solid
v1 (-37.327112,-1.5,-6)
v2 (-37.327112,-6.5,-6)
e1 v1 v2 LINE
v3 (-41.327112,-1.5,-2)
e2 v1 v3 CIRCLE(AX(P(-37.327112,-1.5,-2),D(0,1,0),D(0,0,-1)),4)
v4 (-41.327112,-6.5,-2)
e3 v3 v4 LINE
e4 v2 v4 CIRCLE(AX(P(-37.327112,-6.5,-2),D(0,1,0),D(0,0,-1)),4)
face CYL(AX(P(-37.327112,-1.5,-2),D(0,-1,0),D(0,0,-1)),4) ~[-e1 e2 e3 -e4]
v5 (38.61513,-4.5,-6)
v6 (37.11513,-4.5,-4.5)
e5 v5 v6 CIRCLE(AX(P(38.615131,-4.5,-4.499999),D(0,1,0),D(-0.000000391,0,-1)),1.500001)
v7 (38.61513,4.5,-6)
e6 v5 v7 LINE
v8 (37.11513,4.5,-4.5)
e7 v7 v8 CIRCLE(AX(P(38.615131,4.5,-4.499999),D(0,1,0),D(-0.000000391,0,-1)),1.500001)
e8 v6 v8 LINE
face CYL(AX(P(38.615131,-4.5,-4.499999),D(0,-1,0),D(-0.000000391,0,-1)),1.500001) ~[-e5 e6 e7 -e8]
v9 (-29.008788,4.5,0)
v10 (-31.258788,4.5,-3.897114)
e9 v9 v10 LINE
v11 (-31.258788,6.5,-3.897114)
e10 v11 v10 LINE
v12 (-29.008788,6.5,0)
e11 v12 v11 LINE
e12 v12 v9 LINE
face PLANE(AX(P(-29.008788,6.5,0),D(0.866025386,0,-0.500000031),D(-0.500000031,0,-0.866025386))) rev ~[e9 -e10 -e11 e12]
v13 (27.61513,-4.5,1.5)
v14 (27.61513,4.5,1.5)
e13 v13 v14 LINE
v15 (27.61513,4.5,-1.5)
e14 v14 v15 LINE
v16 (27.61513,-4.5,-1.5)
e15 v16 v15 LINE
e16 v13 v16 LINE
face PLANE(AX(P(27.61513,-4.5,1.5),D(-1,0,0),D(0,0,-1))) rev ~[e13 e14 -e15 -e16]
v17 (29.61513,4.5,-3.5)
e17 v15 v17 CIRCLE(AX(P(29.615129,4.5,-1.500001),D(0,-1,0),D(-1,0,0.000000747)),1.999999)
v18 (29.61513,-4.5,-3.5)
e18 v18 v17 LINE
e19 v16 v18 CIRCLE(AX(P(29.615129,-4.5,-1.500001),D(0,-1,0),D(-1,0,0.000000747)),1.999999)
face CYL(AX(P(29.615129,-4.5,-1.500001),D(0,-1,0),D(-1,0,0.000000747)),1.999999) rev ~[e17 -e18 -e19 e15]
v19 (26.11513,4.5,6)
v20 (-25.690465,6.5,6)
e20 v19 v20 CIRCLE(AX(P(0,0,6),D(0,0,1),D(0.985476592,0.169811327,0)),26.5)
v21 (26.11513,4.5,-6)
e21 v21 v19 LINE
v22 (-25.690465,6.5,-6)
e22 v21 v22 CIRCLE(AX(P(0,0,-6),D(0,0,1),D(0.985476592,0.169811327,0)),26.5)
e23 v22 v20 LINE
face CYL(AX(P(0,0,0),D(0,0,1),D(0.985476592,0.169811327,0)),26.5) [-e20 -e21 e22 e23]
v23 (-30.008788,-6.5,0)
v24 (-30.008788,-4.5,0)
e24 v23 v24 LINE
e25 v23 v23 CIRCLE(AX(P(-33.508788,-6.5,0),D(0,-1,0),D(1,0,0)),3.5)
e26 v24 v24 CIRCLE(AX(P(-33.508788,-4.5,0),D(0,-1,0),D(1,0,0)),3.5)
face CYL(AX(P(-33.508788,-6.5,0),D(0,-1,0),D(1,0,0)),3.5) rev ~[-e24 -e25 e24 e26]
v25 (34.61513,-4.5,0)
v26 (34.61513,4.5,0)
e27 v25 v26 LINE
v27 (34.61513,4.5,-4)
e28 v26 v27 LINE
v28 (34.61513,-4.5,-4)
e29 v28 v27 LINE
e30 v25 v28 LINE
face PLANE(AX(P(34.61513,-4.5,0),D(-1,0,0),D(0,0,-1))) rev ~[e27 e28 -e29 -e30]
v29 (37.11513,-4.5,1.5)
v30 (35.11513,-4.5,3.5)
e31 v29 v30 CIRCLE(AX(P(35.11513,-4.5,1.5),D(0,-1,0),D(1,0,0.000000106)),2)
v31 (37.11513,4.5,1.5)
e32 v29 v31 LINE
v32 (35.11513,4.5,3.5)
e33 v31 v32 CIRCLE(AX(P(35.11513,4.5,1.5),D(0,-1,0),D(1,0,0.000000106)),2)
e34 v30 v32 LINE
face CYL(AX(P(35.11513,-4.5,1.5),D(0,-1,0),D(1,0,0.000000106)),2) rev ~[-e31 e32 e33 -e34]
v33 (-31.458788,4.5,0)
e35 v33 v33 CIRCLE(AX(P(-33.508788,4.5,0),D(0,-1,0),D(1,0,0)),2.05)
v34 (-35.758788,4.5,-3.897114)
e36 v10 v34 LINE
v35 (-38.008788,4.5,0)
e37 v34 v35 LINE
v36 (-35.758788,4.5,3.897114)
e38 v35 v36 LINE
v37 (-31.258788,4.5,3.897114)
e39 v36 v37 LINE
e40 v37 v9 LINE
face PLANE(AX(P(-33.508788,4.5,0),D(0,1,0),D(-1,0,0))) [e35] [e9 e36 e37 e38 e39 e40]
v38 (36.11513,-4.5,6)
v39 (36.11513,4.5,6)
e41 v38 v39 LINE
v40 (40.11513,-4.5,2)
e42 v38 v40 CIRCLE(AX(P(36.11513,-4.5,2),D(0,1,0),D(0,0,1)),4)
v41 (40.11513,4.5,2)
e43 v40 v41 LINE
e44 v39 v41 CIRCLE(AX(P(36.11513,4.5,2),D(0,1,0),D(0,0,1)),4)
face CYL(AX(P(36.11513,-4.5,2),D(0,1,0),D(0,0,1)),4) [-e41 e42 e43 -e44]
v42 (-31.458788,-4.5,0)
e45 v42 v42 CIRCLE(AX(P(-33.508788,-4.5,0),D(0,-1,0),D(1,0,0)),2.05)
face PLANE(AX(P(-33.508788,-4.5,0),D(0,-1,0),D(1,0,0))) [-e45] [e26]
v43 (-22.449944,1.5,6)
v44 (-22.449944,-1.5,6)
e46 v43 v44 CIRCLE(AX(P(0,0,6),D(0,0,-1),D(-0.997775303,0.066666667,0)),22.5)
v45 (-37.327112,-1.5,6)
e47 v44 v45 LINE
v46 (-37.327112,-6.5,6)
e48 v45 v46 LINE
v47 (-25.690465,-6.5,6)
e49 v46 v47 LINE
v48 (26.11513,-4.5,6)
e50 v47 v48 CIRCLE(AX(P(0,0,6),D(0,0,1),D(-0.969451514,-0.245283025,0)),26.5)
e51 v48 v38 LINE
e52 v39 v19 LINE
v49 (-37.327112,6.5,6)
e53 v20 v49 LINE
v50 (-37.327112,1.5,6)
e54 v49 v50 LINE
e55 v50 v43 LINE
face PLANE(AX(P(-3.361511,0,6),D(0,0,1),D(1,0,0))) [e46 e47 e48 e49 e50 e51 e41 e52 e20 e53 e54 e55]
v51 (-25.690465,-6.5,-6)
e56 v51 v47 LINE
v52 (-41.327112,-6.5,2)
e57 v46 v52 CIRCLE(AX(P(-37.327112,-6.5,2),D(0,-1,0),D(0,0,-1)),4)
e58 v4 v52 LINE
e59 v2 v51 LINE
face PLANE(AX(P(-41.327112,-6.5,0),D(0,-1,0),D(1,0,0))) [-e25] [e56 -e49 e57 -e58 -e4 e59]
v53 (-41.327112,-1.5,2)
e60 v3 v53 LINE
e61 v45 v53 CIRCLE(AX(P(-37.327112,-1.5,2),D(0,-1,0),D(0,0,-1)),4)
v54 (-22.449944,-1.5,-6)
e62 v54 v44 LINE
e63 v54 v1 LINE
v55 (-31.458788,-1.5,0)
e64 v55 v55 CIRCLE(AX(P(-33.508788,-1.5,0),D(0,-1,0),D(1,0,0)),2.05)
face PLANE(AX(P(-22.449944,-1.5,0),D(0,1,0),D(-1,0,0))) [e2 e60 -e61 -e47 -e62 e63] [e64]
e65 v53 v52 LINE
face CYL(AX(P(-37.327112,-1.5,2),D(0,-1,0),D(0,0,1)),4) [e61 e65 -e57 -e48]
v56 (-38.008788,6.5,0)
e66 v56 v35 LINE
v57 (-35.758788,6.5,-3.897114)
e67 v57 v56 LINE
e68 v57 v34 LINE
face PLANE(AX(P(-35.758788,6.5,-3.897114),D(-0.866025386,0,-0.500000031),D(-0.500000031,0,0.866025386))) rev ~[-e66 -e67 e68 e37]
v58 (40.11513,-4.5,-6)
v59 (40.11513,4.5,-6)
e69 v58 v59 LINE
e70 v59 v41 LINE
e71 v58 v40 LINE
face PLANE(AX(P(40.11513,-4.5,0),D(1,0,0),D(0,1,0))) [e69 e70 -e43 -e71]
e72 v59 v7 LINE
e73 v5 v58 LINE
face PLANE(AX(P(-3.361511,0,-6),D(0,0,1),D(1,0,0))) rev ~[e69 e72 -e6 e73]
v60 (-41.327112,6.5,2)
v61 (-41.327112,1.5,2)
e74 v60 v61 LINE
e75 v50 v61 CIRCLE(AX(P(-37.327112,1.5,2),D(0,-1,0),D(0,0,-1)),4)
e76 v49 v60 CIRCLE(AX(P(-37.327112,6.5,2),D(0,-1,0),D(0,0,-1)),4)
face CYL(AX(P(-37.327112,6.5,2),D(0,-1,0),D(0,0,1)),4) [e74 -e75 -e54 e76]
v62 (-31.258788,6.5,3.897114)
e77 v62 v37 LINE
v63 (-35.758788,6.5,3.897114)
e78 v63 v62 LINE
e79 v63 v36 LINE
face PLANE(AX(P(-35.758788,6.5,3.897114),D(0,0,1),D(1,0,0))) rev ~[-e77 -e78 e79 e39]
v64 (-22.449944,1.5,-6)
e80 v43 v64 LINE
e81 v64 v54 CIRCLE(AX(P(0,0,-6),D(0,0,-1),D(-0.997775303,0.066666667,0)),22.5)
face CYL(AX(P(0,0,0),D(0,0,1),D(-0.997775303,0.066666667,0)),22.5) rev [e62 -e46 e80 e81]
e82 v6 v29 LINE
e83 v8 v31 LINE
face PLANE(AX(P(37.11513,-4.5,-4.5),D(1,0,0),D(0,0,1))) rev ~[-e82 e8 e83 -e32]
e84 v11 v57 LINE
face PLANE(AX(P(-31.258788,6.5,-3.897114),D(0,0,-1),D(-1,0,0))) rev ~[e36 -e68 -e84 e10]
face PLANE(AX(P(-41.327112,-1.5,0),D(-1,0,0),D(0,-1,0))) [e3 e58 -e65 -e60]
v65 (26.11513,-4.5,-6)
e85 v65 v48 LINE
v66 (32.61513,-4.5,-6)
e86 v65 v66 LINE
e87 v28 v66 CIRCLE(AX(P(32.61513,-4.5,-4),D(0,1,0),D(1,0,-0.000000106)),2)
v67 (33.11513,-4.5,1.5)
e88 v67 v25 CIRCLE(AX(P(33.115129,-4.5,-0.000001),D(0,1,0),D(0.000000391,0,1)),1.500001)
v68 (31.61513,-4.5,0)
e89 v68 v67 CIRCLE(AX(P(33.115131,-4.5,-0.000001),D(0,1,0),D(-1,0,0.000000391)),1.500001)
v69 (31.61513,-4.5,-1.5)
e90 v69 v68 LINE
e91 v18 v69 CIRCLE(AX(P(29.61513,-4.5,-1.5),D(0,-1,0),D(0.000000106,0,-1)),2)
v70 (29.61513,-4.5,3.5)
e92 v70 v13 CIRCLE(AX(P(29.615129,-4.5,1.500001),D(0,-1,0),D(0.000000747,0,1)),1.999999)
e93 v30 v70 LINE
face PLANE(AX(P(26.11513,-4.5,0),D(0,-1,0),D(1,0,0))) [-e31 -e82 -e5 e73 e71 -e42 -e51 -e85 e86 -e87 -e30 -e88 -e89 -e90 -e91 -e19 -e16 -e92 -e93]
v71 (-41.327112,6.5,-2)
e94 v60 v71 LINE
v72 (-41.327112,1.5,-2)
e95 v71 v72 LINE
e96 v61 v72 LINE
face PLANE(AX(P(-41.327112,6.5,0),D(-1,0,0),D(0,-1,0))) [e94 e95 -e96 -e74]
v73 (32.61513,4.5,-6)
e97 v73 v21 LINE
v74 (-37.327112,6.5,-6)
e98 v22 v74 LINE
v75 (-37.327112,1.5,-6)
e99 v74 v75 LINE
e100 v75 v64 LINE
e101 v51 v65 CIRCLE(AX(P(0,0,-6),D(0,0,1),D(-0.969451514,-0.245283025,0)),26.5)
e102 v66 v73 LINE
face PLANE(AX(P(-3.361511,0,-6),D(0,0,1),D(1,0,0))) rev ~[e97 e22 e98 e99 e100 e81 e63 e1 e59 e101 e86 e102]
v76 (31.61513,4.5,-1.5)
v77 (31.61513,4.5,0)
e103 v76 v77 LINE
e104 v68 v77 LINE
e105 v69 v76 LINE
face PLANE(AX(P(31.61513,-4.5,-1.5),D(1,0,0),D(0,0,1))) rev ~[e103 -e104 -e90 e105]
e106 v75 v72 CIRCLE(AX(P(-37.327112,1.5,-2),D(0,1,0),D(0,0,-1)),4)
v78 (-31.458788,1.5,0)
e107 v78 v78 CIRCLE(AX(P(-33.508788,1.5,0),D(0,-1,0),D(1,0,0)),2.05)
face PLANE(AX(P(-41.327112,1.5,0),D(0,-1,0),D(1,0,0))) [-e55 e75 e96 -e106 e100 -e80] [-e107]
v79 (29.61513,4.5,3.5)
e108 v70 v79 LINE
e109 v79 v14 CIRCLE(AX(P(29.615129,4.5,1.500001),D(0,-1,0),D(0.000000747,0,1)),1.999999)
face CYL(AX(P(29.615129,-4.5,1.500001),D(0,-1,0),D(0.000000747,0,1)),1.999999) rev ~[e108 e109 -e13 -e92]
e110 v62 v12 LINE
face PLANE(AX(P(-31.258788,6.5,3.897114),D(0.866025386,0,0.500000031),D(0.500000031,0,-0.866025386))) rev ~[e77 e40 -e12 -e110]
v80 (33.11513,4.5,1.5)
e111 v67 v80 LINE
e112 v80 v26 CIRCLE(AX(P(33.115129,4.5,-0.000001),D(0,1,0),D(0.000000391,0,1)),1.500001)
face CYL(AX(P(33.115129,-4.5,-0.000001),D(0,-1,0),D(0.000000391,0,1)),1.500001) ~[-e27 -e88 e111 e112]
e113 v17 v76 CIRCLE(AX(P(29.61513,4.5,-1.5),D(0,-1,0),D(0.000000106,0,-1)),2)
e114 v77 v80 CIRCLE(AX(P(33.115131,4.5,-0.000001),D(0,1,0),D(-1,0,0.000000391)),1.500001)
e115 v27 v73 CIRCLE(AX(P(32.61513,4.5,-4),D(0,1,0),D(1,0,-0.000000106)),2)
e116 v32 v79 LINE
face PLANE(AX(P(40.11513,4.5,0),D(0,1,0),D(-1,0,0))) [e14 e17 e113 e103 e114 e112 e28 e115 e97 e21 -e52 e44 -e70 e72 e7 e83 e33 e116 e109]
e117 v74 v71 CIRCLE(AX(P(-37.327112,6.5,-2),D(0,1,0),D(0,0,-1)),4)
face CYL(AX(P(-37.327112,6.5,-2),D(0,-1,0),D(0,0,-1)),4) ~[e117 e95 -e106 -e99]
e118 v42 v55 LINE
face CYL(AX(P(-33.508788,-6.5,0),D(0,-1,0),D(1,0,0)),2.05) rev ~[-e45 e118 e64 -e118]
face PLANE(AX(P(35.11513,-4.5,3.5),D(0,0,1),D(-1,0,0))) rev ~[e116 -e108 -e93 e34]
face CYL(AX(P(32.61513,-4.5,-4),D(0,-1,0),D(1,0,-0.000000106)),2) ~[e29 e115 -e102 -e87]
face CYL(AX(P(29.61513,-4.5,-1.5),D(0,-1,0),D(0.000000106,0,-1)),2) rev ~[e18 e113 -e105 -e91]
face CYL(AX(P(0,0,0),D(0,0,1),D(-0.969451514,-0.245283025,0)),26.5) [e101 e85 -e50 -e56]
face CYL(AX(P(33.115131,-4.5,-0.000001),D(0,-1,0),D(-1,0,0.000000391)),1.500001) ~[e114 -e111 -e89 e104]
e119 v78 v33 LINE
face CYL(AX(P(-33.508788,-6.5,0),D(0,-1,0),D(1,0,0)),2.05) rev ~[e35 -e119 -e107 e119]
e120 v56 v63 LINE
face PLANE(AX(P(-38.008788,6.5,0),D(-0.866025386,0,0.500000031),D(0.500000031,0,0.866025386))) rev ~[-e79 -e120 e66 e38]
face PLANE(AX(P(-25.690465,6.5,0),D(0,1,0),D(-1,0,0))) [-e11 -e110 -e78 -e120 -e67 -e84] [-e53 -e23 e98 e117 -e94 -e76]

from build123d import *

# Parameters (mm, degrees)
F1_DEPTH = 6
F5_DEPTH = 9
F2_R     = 2.05
F6_DEPTH = 13
F2_R_2   = 3.5
F7_DEPTH = 2
F8_DEPTH = 2
F9_R     = 4


with BuildPart() as f1:
    # F0 (on Top) → F1 (new body, symmetric)
    with BuildSketch(Plane.XY):
        with BuildLine():
            ThreePointArc((-22.449944, 1.5), (22.5, 0), (-22.449944, -1.5))
            Line((-22.449944, -1.5), (-41.327112, -1.5))
            Line((-41.327112, -1.5), (-41.327112, -6.5))
            Line((-41.327112, -6.5), (-25.690465, -6.5))
            ThreePointArc((-25.690465, -6.5), (1.022294, -26.480274), (26.11513, -4.5))
            Line((26.11513, -4.5), (40.11513, -4.5))
            Line((40.11513, -4.5), (40.11513, 4.5))
            Line((40.11513, 4.5), (26.11513, 4.5))
            ThreePointArc((26.11513, 4.5), (1.022294, 26.480274), (-25.690465, 6.5))
            Line((-25.690465, 6.5), (-41.327112, 6.5))
            Line((-41.327112, 6.5), (-41.327112, 1.5))
            Line((-41.327112, 1.5), (-22.449944, 1.5))
        make_face()
    extrude(amount=F1_DEPTH, both=True)

    # F4 (on face) → F5 (cut, through all)
    with BuildSketch(Plane.XZ.offset(4.5)):
        with BuildLine():
            ThreePointArc((38.61513, -6), (37.55447, -5.56066), (37.11513, -4.5))
            Line((37.11513, -4.5), (37.11513, 1.5))
            ThreePointArc((37.11513, 1.5), (36.529343, 2.914214), (35.11513, 3.5))
            Line((35.11513, 3.5), (29.61513, 3.5))
            ThreePointArc((29.61513, 3.5), (28.200916, 2.914214), (27.61513, 1.5))
            Line((27.61513, 1.5), (27.61513, -1.5))
            ThreePointArc((27.61513, -1.5), (28.200916, -2.914214), (29.61513, -3.5))
            ThreePointArc((29.61513, -3.5), (31.029343, -2.914214), (31.61513, -1.5))
            Line((31.61513, -1.5), (31.61513, 0))
            ThreePointArc((31.61513, 0), (32.05447, 1.06066), (33.11513, 1.5))
            ThreePointArc((33.11513, 1.5), (34.17579, 1.06066), (34.61513, 0))
            Line((34.61513, 0), (34.61513, -4))
            ThreePointArc((34.61513, -4), (34.029343, -5.414214), (32.61513, -6))
            Line((32.61513, -6), (34.61513, -6))
            Line((34.61513, -6), (37.11513, -6))
            Line((37.11513, -6), (38.61513, -6))
        make_face()
    extrude(amount=-F5_DEPTH, mode=Mode.SUBTRACT)

    # F2 (on face) → F6 (cut, through all)
    with BuildSketch(Plane.XZ.offset(6.5)):
        with Locations((-33.508788, 0)):
            Circle(F2_R)
    extrude(amount=-F6_DEPTH, mode=Mode.SUBTRACT)

    # F2 (on face) → F7 (cut)
    with BuildSketch(Plane.XZ.offset(6.5)):
        with Locations((-33.508788, 0)):
            Circle(F2_R_2)
        with Locations((-33.508788, 0)):
            Circle(F2_R, mode=Mode.SUBTRACT)
    extrude(amount=-F7_DEPTH, mode=Mode.SUBTRACT)

    # F3 (on face) → F8 (cut)
    with BuildSketch(Plane(origin=(0, 6.5, 0), x_dir=(-1, 0, 0), z_dir=(0, 1, 0))):
        Polygon((31.258788, -3.897114), (35.758788, -3.897114), (38.008788, 0), (35.758788, 3.897114), (31.258788, 3.897114), (29.008788, 0), align=None)
    extrude(amount=-F8_DEPTH, mode=Mode.SUBTRACT)

    # F9
    f9_edges = [f1.edges().sort_by_distance(p)[0] for p in [
        (-41.327112, -4, 6),
        (-41.327112, 4, 6),
        (-41.327112, 4, -6),
        (-41.327112, -4, -6),
        (40.11513, 0, 6),
    ]]
    fillet(f9_edges, radius=F9_R)


solid = f1.part
